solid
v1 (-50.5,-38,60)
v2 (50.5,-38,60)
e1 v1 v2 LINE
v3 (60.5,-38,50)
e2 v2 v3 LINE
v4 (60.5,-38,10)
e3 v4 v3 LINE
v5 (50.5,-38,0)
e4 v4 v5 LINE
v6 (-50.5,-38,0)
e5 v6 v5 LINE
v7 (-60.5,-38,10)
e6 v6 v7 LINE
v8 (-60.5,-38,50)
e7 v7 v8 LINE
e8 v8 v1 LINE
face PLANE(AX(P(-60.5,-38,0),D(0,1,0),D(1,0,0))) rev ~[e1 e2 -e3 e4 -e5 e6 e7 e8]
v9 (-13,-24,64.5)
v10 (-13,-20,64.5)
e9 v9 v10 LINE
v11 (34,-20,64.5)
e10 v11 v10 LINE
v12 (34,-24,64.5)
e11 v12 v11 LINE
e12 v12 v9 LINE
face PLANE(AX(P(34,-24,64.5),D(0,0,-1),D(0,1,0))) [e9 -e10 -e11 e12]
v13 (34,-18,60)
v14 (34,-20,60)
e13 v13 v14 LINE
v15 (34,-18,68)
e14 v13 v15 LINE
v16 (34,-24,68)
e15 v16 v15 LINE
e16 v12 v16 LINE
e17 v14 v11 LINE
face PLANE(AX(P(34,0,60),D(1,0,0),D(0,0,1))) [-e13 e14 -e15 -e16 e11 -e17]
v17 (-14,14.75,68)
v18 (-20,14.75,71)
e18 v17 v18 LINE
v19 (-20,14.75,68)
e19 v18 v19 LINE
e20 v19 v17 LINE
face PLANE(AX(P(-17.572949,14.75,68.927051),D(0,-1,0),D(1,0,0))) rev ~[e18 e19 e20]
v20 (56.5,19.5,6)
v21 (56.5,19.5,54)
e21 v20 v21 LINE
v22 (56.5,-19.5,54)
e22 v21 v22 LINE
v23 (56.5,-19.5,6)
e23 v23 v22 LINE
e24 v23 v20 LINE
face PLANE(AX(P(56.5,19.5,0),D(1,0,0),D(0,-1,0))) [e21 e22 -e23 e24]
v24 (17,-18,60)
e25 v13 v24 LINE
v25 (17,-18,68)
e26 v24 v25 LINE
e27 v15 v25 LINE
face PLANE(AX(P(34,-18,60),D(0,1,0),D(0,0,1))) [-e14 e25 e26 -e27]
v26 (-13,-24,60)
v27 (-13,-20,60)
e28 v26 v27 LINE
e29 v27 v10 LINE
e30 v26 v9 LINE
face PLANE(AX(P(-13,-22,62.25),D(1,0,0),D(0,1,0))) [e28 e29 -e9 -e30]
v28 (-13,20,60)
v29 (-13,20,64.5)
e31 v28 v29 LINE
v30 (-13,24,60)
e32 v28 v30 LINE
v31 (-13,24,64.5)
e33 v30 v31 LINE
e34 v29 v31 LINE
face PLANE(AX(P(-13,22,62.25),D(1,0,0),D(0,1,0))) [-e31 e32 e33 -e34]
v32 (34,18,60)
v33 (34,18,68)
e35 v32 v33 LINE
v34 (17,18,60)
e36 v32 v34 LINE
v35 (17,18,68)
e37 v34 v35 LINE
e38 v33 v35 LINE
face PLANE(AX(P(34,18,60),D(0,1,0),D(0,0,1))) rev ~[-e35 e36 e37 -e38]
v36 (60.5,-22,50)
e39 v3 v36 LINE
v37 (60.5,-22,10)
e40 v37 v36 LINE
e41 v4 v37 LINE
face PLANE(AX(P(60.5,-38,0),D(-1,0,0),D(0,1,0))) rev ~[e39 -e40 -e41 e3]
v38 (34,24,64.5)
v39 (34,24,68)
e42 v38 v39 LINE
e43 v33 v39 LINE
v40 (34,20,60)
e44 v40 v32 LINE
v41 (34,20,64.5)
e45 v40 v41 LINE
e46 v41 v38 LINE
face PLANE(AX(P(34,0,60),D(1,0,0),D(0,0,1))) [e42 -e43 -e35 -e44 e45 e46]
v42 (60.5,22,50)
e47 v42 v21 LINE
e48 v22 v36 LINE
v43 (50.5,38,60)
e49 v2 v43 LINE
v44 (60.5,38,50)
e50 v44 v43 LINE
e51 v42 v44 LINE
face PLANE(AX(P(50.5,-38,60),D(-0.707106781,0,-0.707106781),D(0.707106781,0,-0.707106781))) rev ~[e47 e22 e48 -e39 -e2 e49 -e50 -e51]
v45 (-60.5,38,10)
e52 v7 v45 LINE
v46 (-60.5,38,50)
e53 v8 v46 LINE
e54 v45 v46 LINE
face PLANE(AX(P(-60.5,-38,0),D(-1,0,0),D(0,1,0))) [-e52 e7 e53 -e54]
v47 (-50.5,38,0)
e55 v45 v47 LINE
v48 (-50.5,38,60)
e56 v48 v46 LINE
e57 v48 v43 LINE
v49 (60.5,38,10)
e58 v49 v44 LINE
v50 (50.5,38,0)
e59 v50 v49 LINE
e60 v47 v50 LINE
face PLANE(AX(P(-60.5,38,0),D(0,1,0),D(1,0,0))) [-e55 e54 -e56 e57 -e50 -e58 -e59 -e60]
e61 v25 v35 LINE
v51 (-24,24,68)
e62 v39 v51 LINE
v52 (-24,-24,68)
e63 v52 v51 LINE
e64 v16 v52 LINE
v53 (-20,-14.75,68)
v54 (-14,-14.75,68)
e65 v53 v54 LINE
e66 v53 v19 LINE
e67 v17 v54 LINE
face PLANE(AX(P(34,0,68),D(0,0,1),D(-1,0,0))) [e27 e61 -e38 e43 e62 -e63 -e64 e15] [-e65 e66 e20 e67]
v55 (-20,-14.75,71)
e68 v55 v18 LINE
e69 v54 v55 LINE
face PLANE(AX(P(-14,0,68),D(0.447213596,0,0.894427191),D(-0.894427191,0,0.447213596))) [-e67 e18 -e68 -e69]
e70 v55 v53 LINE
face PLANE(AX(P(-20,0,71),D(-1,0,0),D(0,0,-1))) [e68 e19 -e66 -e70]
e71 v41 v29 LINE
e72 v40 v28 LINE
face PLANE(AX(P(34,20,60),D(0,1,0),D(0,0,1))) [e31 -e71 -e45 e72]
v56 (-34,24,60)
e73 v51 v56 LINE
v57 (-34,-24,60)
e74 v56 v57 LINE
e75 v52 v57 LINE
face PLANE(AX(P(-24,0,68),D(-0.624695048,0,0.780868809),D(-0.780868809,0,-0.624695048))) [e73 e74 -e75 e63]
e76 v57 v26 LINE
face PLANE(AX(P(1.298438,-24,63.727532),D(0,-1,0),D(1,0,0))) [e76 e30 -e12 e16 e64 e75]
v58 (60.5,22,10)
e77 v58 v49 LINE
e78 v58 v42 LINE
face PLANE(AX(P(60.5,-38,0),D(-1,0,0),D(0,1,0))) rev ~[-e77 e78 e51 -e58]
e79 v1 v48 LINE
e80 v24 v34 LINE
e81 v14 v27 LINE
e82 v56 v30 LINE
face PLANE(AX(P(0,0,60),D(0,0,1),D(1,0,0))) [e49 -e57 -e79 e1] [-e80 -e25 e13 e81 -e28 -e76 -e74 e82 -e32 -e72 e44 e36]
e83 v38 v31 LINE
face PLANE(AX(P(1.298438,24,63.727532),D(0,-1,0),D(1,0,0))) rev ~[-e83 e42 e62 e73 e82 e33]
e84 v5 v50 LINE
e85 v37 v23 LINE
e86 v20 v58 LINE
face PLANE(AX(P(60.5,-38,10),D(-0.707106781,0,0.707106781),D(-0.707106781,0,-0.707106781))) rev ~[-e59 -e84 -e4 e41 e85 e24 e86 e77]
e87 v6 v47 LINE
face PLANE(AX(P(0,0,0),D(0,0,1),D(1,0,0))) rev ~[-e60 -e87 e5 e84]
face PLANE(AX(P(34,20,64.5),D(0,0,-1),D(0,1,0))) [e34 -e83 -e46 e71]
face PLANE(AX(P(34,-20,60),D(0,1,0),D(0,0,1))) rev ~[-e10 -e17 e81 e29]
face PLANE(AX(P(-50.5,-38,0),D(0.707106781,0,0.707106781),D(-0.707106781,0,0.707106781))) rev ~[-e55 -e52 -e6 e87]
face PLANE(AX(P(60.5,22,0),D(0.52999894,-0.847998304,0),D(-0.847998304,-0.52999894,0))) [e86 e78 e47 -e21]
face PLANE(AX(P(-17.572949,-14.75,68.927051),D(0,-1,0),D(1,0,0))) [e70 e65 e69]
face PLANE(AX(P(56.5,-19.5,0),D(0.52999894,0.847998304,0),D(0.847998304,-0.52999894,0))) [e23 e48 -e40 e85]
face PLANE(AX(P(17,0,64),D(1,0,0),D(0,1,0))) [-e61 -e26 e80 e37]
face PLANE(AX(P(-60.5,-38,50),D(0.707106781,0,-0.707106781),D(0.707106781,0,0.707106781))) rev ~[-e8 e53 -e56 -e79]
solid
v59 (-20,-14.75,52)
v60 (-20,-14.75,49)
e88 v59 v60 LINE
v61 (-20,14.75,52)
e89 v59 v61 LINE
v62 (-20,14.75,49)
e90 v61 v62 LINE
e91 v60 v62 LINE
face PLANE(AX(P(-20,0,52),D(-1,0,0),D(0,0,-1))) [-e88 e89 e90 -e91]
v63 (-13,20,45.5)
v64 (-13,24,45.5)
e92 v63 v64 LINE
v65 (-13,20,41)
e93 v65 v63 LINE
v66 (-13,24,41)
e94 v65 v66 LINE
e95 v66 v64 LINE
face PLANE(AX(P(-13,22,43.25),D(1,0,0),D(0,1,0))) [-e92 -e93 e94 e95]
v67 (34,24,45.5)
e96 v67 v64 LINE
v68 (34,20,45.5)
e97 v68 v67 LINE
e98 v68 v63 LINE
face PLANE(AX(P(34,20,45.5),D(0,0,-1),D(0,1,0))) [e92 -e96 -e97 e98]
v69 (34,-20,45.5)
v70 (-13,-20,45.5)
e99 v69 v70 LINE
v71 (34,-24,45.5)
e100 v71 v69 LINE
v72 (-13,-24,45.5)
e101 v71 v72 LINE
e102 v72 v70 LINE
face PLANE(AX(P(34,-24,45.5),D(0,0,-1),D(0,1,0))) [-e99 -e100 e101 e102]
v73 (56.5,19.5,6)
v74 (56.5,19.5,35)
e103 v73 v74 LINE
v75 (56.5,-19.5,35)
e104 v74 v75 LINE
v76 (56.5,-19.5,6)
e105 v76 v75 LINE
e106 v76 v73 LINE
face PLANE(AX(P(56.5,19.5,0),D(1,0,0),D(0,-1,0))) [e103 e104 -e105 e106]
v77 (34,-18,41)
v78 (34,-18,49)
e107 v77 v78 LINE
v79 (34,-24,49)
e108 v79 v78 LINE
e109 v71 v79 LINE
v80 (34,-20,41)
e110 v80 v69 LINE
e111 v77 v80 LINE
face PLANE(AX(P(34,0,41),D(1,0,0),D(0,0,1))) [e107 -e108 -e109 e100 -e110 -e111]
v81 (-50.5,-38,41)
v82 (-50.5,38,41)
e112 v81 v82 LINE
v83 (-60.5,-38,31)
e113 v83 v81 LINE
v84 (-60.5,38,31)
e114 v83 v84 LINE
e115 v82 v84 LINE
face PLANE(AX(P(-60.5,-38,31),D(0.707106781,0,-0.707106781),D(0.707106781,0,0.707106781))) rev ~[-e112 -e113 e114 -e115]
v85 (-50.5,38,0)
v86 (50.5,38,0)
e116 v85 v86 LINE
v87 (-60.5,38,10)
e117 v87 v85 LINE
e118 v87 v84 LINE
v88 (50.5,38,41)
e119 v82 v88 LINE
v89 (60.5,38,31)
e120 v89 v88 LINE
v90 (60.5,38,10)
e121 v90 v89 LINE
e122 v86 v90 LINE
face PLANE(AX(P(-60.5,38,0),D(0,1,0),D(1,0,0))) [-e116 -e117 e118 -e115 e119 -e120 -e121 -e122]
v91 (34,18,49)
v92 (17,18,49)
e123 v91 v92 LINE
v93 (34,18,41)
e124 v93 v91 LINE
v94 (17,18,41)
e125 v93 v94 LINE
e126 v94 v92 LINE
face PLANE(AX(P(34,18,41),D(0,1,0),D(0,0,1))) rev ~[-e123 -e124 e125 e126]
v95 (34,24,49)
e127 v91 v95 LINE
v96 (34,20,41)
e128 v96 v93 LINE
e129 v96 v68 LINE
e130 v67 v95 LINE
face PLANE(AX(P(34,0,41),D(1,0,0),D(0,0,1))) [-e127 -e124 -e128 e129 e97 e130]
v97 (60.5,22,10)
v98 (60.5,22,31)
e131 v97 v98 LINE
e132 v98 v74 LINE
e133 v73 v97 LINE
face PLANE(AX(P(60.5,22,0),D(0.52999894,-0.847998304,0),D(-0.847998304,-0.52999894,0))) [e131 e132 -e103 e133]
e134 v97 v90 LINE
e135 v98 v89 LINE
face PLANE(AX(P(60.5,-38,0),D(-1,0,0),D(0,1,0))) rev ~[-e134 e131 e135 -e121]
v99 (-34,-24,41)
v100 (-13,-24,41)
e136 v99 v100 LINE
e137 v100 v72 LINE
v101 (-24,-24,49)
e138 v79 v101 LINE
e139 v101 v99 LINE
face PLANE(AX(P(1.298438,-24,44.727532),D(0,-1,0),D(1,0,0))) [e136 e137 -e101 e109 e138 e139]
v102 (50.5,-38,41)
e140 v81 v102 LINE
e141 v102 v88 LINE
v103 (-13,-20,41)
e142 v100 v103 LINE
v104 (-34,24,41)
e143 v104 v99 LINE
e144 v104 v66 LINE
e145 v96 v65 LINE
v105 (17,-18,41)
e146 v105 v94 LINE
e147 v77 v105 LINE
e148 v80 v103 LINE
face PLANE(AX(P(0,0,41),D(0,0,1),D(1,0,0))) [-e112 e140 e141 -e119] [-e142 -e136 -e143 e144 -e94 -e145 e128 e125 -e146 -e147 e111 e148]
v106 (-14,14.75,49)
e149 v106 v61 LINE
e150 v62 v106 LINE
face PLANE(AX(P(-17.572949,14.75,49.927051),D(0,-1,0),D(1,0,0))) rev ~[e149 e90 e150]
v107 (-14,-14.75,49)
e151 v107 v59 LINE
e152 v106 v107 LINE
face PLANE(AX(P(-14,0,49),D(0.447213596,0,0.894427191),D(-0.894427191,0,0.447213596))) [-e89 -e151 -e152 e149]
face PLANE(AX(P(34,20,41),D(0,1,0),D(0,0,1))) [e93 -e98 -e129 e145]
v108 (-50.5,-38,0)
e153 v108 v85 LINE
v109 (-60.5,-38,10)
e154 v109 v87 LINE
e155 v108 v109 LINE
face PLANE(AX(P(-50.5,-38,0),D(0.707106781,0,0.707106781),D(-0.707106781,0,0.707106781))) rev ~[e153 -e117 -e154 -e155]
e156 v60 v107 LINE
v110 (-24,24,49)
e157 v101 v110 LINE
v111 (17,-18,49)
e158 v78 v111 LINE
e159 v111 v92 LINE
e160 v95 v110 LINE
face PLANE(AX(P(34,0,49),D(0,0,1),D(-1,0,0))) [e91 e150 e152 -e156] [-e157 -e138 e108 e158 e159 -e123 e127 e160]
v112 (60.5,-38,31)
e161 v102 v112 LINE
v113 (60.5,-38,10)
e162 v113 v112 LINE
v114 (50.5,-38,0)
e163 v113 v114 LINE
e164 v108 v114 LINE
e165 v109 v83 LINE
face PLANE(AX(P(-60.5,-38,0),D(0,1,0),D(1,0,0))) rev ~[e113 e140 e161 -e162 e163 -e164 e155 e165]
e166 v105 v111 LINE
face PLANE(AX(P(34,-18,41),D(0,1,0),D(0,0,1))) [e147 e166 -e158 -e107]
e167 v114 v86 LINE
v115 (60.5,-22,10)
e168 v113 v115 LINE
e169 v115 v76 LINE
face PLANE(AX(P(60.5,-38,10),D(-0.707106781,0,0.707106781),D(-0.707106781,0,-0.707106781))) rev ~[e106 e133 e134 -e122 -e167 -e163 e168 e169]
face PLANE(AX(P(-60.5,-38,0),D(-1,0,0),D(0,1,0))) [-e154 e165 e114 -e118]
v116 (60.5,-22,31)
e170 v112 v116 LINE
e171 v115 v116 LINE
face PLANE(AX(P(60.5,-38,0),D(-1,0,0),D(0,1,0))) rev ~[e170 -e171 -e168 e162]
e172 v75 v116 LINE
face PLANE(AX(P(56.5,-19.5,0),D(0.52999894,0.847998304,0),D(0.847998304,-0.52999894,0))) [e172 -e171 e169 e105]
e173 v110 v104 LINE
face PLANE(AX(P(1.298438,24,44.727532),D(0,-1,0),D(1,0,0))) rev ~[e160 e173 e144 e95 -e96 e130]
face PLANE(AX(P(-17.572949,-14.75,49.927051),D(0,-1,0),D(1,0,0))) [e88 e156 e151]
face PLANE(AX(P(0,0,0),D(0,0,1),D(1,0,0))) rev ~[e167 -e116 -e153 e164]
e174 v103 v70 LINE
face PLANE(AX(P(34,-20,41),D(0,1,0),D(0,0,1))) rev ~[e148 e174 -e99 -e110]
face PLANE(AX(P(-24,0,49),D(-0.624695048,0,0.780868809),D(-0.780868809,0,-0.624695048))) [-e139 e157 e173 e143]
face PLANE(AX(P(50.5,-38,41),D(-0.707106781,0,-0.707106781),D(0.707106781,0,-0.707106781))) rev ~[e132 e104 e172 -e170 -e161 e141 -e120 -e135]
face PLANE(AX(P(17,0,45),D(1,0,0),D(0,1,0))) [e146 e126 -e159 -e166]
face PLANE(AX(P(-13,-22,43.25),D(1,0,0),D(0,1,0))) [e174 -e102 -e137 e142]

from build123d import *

# Parameters (mm, degrees)
SKETCH_W             = 121
SKETCH_H             = 76
PAD_DEPTH            = 60
POCKET_DEPTH         = 76.001
PAD001_DEPTH         = 24
SKETCH003_W          = 4
SKETCH003_H          = 4.5
POCKET001_DEPTH      = 47
SKETCH004_W          = 36
SKETCH004_H          = 8
POCKET002_DEPTH      = 17
PAD002_DEPTH         = 14.75
POCKET003_DEPTH      = 0.001
POCKET003_DEPTH_BACK = -71.001
SKETCH007_W          = 121
SKETCH007_H          = 76
PAD003_DEPTH         = 41
POCKET004_DEPTH      = 76.001
PAD004_DEPTH         = 24
SKETCH010_W          = 4
SKETCH010_H          = 4.5
POCKET005_DEPTH      = 47
SKETCH011_W          = 36
SKETCH011_H          = 8
POCKET006_DEPTH      = 17
PAD005_DEPTH         = 14.75
POCKET007_DEPTH      = 0.001
POCKET007_DEPTH_BACK = -52.001


with BuildPart() as f_4_0ah:
    # Sketch → Pad (new body)
    with BuildSketch(Plane.XY):
        Rectangle(SKETCH_W, SKETCH_H)
    extrude(amount=PAD_DEPTH)

    # Sketch001 (on Face3 of Pad) → Pocket (cut, through all)
    with BuildSketch(Plane.XZ.offset(38)):
        Polygon((-60.5, 10), (-60.5, 0), (-50.5, 0), align=None)
        Polygon((50.5, 0), (60.5, 0), (60.5, 10), align=None)
        Polygon((60.5, 60), (50.5, 60), (60.5, 50), align=None)
        Polygon((-60.5, 60), (-60.5, 50), (-50.5, 60), align=None)
    extrude(amount=-POCKET_DEPTH, mode=Mode.SUBTRACT)

    # Sketch002 → Pad001 (join, symmetric)
    with BuildSketch(Plane.XZ):
        Polygon((-24, 68), (-34, 60), (34, 60), (34, 68), align=None)
    extrude(amount=PAD001_DEPTH, both=True)

    # Sketch003 (on Face13 of Pad001) → Pocket001 (cut)
    with BuildSketch(Plane.YZ.offset(34)):
        with Locations((-22, 62.25)):
            Rectangle(SKETCH003_W, SKETCH003_H)
        with Locations((22, 62.25)):
            Rectangle(SKETCH003_W, SKETCH003_H)
    extrude(amount=-POCKET001_DEPTH, mode=Mode.SUBTRACT)

    # Sketch004 (on Face15 of Pocket001) → Pocket002 (cut)
    with BuildSketch(Plane.YZ.offset(34)):
        with Locations((0, 64)):
            Rectangle(SKETCH004_W, SKETCH004_H)
    extrude(amount=-POCKET002_DEPTH, mode=Mode.SUBTRACT)

    # Sketch005 → Pad002 (join, symmetric)
    with BuildSketch(Plane.XZ):
        Polygon((-20, 68), (-14, 68), (-20, 71), align=None)
    extrude(amount=PAD002_DEPTH, both=True)

    # Sketch006 → Pocket003 (cut, two sides)
    with BuildSketch(Plane.XY) as pocket003_sk:
        Polygon((60.5, 22), (56.5, 19.5), (56.5, -19.5), (60.5, -22), align=None)
    extrude(amount=-POCKET003_DEPTH, mode=Mode.SUBTRACT)
    extrude(pocket003_sk.sketch, amount=-POCKET003_DEPTH_BACK, mode=Mode.SUBTRACT)


with BuildPart() as f_2_0ah:
    # Sketch007 → Pad003 (new body)
    with BuildSketch(Plane.XY):
        Rectangle(SKETCH007_W, SKETCH007_H)
    extrude(amount=PAD003_DEPTH)

    # Sketch008 (on Face3 of Pad003) → Pocket004 (cut, through all)
    with BuildSketch(Plane.XZ.offset(38)):
        Polygon((-60.5, 10), (-60.5, 0), (-50.5, 0), align=None)
        Polygon((50.5, 0), (60.5, 0), (60.5, 10), align=None)
        Polygon((60.5, 41), (50.5, 41), (60.5, 31), align=None)
        Polygon((-60.5, 41), (-60.5, 31), (-50.5, 41), align=None)
    extrude(amount=-POCKET004_DEPTH, mode=Mode.SUBTRACT)

    # Sketch009 → Pad004 (join, symmetric)
    with BuildSketch(Plane.XZ):
        Polygon((-24, 49), (-34, 41), (34, 41), (34, 49), align=None)
    extrude(amount=PAD004_DEPTH, both=True)

    # Sketch010 (on Face13 of Pad004) → Pocket005 (cut)
    with BuildSketch(Plane.YZ.offset(34)):
        with Locations((-22, 43.25)):
            Rectangle(SKETCH010_W, SKETCH010_H)
        with Locations((22, 43.25)):
            Rectangle(SKETCH010_W, SKETCH010_H)
    extrude(amount=-POCKET005_DEPTH, mode=Mode.SUBTRACT)

    # Sketch011 (on Face15 of Pocket005) → Pocket006 (cut)
    with BuildSketch(Plane.YZ.offset(34)):
        with Locations((0, 45)):
            Rectangle(SKETCH011_W, SKETCH011_H)
    extrude(amount=-POCKET006_DEPTH, mode=Mode.SUBTRACT)

    # Sketch012 → Pad005 (join, symmetric)
    with BuildSketch(Plane.XZ):
        Polygon((-20, 49), (-14, 49), (-20, 52), align=None)
    extrude(amount=PAD005_DEPTH, both=True)

    # Sketch013 → Pocket007 (cut, two sides)
    with BuildSketch(Plane.XY) as pocket007_sk:
        Polygon((60.5, 22), (56.5, 19.5), (56.5, -19.5), (60.5, -22), align=None)
    extrude(amount=-POCKET007_DEPTH, mode=Mode.SUBTRACT)
    extrude(pocket007_sk.sketch, amount=-POCKET007_DEPTH_BACK, mode=Mode.SUBTRACT)


solid = Compound([f_4_0ah.part, f_2_0ah.part])
